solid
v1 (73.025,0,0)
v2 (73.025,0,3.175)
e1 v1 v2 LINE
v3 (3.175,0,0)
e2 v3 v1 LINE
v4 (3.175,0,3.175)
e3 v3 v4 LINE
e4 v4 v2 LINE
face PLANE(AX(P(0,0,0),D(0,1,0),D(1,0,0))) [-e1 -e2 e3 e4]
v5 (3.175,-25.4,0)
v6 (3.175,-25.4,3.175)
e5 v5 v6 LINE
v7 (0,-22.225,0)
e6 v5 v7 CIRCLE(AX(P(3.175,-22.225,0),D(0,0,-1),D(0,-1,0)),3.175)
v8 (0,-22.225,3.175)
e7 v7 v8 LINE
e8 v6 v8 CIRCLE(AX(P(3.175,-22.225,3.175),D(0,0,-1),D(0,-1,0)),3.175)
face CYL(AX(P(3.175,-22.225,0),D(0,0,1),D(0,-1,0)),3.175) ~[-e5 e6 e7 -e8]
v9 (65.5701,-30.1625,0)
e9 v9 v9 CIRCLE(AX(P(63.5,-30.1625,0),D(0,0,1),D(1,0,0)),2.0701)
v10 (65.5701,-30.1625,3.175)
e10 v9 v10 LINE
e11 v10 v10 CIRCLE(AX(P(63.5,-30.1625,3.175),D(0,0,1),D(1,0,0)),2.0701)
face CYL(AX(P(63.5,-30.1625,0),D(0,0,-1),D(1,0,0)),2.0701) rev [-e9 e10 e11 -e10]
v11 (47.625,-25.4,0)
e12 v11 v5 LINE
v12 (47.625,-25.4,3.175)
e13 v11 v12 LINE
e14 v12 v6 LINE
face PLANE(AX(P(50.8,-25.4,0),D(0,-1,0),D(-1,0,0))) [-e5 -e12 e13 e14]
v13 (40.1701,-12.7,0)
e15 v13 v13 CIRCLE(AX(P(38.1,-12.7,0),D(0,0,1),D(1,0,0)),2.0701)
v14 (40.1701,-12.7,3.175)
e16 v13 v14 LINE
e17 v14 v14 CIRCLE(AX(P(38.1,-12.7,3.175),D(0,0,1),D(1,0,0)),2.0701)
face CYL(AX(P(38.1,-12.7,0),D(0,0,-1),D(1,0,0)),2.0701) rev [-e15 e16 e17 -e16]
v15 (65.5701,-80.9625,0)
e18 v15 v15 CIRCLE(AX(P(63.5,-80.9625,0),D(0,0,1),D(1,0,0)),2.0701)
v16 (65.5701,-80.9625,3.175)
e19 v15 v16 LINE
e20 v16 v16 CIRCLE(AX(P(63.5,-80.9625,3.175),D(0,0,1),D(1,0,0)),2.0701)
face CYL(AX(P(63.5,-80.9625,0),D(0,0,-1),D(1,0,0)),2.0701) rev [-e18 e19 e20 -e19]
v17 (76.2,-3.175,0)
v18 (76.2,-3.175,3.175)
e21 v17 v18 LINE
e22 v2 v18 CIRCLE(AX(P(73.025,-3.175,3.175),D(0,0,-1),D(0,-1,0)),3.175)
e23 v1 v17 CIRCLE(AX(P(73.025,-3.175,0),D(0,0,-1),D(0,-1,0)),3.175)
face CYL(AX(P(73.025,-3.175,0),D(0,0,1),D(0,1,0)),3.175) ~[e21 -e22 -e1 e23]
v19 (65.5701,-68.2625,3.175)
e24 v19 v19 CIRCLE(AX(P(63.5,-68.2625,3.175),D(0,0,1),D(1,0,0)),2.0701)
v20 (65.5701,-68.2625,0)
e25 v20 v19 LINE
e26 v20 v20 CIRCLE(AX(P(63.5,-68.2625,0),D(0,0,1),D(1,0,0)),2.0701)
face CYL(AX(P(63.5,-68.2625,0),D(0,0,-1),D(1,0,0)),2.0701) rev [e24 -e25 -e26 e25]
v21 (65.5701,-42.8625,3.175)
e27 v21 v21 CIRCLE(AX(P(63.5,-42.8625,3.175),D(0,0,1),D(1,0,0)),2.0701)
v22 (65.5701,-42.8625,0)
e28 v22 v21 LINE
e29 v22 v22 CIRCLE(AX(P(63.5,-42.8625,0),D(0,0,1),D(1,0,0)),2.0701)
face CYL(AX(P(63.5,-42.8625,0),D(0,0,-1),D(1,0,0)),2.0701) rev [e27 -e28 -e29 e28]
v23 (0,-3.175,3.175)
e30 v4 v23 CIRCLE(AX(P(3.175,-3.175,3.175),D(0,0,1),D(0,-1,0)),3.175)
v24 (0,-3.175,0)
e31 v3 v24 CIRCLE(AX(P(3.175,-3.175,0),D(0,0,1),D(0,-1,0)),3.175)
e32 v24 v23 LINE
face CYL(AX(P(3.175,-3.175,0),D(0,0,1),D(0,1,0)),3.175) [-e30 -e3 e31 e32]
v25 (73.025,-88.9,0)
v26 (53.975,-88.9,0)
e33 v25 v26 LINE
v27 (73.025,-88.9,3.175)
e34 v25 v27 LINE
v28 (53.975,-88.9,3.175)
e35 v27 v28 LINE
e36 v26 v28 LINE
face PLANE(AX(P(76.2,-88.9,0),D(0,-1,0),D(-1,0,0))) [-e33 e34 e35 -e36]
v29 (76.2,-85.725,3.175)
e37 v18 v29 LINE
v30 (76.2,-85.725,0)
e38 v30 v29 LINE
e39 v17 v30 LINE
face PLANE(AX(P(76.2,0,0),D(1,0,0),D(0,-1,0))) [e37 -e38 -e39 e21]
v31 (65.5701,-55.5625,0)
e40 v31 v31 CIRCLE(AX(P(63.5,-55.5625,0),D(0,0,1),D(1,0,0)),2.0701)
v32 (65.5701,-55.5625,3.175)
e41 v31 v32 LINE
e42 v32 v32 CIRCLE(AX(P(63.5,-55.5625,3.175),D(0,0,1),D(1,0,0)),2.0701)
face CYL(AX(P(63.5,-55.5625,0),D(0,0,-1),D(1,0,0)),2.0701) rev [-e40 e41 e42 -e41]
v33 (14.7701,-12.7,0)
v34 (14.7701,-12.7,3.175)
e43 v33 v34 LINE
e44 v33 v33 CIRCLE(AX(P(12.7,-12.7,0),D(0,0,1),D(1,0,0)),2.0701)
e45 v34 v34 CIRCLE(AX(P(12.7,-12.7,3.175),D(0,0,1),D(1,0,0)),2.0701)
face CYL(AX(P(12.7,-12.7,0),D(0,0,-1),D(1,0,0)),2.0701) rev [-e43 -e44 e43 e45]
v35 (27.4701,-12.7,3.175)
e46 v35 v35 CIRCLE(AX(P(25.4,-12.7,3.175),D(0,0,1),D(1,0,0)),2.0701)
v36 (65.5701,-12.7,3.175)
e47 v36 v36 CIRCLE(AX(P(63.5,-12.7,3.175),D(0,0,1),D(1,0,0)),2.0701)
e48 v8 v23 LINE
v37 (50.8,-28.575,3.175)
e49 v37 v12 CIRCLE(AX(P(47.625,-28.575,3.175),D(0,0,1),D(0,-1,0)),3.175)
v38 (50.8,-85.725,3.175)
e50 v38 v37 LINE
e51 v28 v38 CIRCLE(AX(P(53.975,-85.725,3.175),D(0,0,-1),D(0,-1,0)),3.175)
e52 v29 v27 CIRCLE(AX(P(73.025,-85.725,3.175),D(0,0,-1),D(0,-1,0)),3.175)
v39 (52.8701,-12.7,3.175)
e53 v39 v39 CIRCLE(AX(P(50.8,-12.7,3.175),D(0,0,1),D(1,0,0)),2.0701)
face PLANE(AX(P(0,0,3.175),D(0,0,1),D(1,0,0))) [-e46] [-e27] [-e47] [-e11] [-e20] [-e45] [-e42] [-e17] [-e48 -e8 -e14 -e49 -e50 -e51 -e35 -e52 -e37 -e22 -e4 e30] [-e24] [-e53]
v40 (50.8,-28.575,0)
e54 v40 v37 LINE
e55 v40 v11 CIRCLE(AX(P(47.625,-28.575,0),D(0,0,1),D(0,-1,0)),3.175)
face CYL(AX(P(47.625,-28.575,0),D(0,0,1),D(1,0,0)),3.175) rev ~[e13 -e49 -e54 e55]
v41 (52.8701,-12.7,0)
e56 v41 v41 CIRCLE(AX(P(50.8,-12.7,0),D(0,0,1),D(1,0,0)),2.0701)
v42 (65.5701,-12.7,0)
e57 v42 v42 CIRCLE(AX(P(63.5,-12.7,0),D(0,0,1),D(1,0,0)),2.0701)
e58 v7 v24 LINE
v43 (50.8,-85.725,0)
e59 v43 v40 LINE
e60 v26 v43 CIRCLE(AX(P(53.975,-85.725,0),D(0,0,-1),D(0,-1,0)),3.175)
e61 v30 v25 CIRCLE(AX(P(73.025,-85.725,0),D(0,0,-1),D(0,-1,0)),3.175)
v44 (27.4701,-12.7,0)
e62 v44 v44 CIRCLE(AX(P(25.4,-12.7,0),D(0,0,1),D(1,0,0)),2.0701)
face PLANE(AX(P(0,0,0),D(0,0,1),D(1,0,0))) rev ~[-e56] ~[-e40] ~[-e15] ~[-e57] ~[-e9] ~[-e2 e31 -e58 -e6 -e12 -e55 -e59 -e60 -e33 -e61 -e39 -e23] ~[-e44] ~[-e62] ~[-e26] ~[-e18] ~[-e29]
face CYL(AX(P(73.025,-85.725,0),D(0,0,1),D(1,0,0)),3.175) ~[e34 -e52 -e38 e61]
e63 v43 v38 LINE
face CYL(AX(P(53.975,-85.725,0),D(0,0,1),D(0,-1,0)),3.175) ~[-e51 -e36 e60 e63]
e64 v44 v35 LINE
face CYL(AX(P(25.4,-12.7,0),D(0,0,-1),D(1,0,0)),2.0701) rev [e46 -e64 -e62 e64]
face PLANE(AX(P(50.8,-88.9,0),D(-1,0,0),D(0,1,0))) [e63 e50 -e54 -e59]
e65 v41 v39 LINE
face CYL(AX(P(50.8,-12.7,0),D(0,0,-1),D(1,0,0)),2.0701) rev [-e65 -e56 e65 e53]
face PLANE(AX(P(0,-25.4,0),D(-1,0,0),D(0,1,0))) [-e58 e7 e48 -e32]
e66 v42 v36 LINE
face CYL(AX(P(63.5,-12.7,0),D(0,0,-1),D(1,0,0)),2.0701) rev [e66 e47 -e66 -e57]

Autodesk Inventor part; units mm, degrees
ref_plane "YZ Plane" through (0, 0, 0) normal (1, 0, 0) x (0, 1, 0)
ref_plane "XZ Plane" through (0, 0, 0) normal (0, 1, 0) x (-1, 0, 0)
ref_plane "XY Plane" through (0, 0, 0) normal (0, 0, 1) x (1, 0, 0)
sketch "Sketch1" plane through (0, 0, 0) normal (0, 0, 1) x (1, 0, 0)
  line L0 (0, 0) -> (76.2, 0)
  line L1 (76.2, 0) -> (76.2, -88.9)
  line L2 (76.2, -88.9) -> (50.8, -88.9)
  line L3 (50.8, -88.9) -> (50.8, -25.4)
  line L4 (50.8, -25.4) -> (0, -25.4)
  line L5 (0, -25.4) -> (0, 0)
  circle A0 centre (12.7, -12.7) radius 2.0701
  circle A1 centre (63.5, -30.1625) radius 2.0701
  circle A2 centre (63.5, -42.8625) radius 2.0701
  circle A3 centre (63.5, -55.5625) radius 2.0701
  circle A4 centre (63.5, -68.2625) radius 2.0701
  circle A5 centre (63.5, -80.9625) radius 2.0701
  circle A6 centre (25.4, -12.7) radius 2.0701
  circle A7 centre (38.1, -12.7) radius 2.0701
  circle A8 centre (50.8, -12.7) radius 2.0701
  circle A9 centre (63.5, -12.7) radius 2.0701
  dimension "d0" = 76.2
  dimension "d3" = 25.4
  dimension "d4" = 88.9
  dimension "d5" = 4.1402
  dimension "d6" = 12.7
  dimension "d7" = 12.7
  dimension "d18" = 12.7
  dimension "d23" = 12.7
  dimension "d27" = 4.7625
  dimension "d28" = 25.4
  dimension "d31" = 12.7
extrude "Extrusion1" add sketch "Sketch1" along normal blind 3.175
fillet "Fillet1" radius 3.175 6 edges at (0, 0, 1.5875) (0, -25.4, 1.5875) (50.8, -25.4, 1.5875) (50.8, -88.9, 1.5875) (76.2, -88.9, 1.5875) (76.2, 0, 1.5875)
properties part number "Roller Crossbar Gusset (Custom)" material "Aluminum 6061"
